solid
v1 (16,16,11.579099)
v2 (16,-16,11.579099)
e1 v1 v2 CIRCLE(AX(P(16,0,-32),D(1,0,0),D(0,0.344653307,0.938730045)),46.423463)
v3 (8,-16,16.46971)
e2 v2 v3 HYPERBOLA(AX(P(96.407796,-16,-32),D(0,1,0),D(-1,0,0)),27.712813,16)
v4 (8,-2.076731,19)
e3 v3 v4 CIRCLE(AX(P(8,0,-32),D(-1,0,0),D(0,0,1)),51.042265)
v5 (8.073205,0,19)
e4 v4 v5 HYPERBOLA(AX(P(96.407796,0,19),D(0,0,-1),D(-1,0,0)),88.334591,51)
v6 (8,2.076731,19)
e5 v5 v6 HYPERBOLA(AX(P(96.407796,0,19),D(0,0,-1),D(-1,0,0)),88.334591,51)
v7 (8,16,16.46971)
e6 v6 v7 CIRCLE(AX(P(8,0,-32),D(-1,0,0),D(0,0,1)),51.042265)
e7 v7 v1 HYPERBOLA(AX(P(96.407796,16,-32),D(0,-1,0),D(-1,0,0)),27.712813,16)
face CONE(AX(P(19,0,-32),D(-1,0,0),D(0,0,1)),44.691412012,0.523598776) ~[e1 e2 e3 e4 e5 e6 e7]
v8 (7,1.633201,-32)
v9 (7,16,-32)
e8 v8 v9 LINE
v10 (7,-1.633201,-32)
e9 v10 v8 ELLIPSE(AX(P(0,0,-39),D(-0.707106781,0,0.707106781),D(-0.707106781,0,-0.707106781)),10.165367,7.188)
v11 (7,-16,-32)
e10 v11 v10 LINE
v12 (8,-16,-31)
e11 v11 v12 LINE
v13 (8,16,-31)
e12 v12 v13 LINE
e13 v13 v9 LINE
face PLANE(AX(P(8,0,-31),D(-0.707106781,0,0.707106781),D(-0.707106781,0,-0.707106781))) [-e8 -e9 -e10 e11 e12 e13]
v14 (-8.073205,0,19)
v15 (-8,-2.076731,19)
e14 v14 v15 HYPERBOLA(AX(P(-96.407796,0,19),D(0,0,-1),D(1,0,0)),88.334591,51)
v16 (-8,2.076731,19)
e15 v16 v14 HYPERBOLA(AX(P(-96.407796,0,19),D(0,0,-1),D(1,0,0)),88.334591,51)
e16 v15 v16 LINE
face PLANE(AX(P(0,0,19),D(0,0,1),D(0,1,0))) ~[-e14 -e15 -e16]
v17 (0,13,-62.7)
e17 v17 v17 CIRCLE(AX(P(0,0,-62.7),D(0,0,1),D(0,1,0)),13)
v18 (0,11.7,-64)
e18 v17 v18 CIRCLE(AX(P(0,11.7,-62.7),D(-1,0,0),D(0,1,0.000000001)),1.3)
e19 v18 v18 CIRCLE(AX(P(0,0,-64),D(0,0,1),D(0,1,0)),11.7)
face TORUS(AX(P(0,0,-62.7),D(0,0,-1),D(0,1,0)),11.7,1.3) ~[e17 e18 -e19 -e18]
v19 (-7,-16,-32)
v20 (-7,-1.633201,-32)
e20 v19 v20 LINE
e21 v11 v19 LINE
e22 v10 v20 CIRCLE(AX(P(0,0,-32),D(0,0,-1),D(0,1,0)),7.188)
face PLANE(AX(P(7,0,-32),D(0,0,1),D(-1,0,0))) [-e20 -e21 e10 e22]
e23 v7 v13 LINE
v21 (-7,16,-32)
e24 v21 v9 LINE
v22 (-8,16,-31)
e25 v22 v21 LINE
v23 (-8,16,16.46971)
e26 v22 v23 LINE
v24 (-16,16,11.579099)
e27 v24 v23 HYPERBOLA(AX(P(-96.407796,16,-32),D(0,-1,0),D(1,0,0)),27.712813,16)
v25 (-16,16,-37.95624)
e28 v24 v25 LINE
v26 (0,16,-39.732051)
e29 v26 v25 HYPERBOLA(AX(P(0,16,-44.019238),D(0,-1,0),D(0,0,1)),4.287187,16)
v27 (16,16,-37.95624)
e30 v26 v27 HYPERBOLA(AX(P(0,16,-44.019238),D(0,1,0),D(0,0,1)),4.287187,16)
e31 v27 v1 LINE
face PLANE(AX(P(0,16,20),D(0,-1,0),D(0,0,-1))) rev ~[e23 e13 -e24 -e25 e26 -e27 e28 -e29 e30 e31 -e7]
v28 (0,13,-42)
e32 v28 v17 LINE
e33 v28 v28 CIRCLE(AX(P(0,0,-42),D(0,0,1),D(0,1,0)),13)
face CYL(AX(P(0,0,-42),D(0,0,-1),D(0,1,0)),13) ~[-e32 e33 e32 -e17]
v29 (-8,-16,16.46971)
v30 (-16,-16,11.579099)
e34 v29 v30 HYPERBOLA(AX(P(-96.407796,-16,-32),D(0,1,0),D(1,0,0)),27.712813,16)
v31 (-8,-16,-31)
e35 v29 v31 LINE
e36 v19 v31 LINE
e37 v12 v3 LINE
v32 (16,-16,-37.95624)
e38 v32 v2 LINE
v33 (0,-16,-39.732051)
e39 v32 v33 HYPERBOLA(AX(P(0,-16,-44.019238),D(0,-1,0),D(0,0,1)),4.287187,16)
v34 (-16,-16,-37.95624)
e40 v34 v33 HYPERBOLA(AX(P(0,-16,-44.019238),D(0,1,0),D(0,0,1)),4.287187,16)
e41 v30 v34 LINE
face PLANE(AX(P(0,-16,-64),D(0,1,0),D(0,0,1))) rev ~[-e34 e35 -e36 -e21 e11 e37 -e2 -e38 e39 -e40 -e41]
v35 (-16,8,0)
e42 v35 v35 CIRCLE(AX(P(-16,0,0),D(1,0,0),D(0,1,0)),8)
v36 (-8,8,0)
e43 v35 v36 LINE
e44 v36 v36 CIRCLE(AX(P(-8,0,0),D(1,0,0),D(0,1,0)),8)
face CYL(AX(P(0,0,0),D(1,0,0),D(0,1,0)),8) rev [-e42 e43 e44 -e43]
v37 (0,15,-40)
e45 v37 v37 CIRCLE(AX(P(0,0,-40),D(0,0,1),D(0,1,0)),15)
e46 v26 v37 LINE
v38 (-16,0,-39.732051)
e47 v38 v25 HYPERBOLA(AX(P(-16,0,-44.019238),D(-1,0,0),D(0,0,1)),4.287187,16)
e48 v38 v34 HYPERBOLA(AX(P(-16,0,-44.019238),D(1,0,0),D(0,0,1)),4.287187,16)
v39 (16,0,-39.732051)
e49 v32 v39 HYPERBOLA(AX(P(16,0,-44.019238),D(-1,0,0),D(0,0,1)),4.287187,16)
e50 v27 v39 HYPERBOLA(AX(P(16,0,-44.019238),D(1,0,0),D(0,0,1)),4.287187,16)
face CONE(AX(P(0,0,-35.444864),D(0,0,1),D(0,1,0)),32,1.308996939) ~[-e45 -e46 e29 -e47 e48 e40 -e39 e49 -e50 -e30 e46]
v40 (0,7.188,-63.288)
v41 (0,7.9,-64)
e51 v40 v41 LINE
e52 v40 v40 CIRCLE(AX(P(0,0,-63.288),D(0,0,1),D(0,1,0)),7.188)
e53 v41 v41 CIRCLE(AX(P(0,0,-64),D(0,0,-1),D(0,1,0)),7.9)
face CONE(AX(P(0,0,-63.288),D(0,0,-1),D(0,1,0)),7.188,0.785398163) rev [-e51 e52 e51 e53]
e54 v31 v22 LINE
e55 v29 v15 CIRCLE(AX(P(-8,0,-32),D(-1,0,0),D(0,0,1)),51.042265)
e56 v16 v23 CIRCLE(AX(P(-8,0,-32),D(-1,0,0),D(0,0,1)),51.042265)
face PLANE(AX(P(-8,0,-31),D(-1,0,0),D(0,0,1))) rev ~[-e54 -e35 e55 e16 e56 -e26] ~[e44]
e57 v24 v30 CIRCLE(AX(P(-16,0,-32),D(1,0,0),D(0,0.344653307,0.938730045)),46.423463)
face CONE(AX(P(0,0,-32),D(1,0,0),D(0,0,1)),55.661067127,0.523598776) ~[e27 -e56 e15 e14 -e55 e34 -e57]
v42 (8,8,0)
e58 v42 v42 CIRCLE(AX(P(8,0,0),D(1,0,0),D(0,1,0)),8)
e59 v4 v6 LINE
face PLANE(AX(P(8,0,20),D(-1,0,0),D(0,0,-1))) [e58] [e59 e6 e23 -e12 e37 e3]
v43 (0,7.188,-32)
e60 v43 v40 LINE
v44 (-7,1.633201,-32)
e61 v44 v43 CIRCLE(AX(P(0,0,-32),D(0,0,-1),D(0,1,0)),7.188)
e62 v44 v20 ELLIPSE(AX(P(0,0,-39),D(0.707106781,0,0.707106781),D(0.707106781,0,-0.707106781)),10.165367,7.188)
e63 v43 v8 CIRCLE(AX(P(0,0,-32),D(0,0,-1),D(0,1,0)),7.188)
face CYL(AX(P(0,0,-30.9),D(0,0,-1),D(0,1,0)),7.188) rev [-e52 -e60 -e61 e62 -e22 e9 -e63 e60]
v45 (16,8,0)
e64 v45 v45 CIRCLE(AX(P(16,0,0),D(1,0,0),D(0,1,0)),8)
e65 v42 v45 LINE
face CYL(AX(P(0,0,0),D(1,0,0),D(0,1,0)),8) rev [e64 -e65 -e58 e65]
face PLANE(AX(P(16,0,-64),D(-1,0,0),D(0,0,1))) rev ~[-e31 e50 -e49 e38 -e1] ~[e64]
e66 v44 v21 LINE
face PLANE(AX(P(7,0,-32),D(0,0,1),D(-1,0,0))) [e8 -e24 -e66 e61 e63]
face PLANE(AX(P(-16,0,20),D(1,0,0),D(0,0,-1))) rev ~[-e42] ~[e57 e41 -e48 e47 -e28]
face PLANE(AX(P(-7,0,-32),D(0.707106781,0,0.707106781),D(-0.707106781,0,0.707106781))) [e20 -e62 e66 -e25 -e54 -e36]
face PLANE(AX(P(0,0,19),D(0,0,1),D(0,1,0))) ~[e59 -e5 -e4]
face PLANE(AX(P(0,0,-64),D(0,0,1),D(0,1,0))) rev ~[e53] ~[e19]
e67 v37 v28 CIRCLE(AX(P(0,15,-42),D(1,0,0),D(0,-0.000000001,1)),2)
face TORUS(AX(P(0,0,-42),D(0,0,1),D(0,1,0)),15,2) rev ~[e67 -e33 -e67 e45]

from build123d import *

# Parameters (mm, degrees)
CUT_EXTRUDE1_DEPTH           = 33
CUT_EXTRUDE1_DEPTH_BACK      = 33
CUT_EXTRUDE2_DEPTH           = 33
CUT_EXTRUDE2_DEPTH_BACK      = 33
CUT_EXTRUDE3_DEPTH           = 33
CUT_EXTRUDE3_DEPTH_BACK      = 33
SKETCH5_W                    = 39.5
SKETCH5_H                    = 8
CUT_REVOLVE3_ANGLE           = 90
CUT_REVOLVE3_OTHER_WAY_ANGLE = 90


with BuildPart() as part:
    # Sketch1 → Revolve1 (revolve)
    with BuildSketch(Plane(origin=(0, 0, 0), x_dir=(0, 0, -1), z_dir=(1, 0, 0))):
        with BuildLine():
            Line((-19, 0), (-19, 32))
            Line((-19, 32), (35.444863729, 32))
            Line((35.444863729, 32), (40, 15))
            ThreePointArc((40, 15), (40.585786438, 13.585786438), (42, 13))
            Line((42, 13), (62.7, 13))
            ThreePointArc((62.7, 13), (63.619238816, 12.619238816), (64, 11.7))
            Line((64, 11.7), (64, 0))
            Line((64, 0), (-19, 0))
        make_face()
    revolve(axis=Axis((0, 0, -64), (0, 0, 1)))

    # Sketch2 → Cut-Extrude1 (cut, two sides)
    with BuildSketch(Plane(origin=(0, 0, 0), x_dir=(1, 0, 0), z_dir=(0, 1, 0))) as cut_extrude1_sk:
        Polygon((-8, 31), (-8, -20), (8, -20), (8, 31), (7, 32), (-7, 32), align=None)
    extrude(amount=CUT_EXTRUDE1_DEPTH, mode=Mode.SUBTRACT)
    extrude(cut_extrude1_sk.sketch, amount=-CUT_EXTRUDE1_DEPTH_BACK, mode=Mode.SUBTRACT)

    # Sketch3 → Cut-Extrude2 (cut, two sides)
    with BuildSketch(Plane(origin=(0, 0, 0), x_dir=(0, 0, -1), z_dir=(1, 0, 0))) as cut_extrude2_sk:
        Polygon((-52, -48), (64, -48), (64, -16), (-20, -16), (-20, 16), (64, 16), (64, 48), (-52, 48), align=None)
    extrude(amount=CUT_EXTRUDE2_DEPTH, mode=Mode.SUBTRACT)
    extrude(cut_extrude2_sk.sketch, amount=-CUT_EXTRUDE2_DEPTH_BACK, mode=Mode.SUBTRACT)

    # Sketch4 → Cut-Extrude3 (cut, two sides)
    with BuildSketch(Plane(origin=(0, 0, 0), x_dir=(1, 0, 0), z_dir=(0, 1, 0))) as cut_extrude3_sk:
        Polygon((-48, -52), (48, -52), (48, 64), (16, 64), (16, -20), (-16, -20), (-16, 64), (-48, 64), align=None)
    extrude(amount=CUT_EXTRUDE3_DEPTH, mode=Mode.SUBTRACT)
    extrude(cut_extrude3_sk.sketch, amount=-CUT_EXTRUDE3_DEPTH_BACK, mode=Mode.SUBTRACT)

    # Sketch5 → Cut-Revolve1 (revolve, cut)
    with BuildSketch(Plane.XY):
        with Locations((0, 4)):
            Rectangle(SKETCH5_W, SKETCH5_H)
    revolve(axis=Axis((19.75, 0, 0), (-1, 0, 0)), mode=Mode.SUBTRACT)

    # Sketch6 → Cut-Revolve2 (revolve, cut)
    with BuildSketch(Plane(origin=(0, 0, 0), x_dir=(0, 0, -1), z_dir=(1, 0, 0))):
        Polygon((30.9, 0), (30.9, 7.188), (63.288, 7.188), (64.1, 8), (64.1, 0), align=None)
    revolve(axis=Axis((0, 0, -64.1), (0, 0, 1)), mode=Mode.SUBTRACT)

    # Sketch7 → Cut-Revolve3 (revolve, cut)
    with BuildSketch(Plane(origin=(0, 0, 0), x_dir=(1, 0, 0), z_dir=(0, 1, 0))):
        Polygon((-19, -49.64182924), (0, -60.611484355), (19, -49.64182924), (19, -12.691412012), (0, -23.661067127), (-19, -12.691412012), align=None)
    revolve(axis=Axis((-19, 0, -32), (1, 0, 0)), revolution_arc=CUT_REVOLVE3_ANGLE, mode=Mode.SUBTRACT)

    # Sketch7 → Cut-Revolve3 other way (revolve, cut)
    with BuildSketch(Plane(origin=(0, 0, 0), x_dir=(1, 0, 0), z_dir=(0, 1, 0))):
        Polygon((-19, -49.64182924), (0, -60.611484355), (19, -49.64182924), (19, -12.691412012), (0, -23.661067127), (-19, -12.691412012), align=None)
    revolve(axis=Axis((-19, 0, -32), (-1, 0, 0)), revolution_arc=CUT_REVOLVE3_OTHER_WAY_ANGLE, mode=Mode.SUBTRACT)


solid = part.part
